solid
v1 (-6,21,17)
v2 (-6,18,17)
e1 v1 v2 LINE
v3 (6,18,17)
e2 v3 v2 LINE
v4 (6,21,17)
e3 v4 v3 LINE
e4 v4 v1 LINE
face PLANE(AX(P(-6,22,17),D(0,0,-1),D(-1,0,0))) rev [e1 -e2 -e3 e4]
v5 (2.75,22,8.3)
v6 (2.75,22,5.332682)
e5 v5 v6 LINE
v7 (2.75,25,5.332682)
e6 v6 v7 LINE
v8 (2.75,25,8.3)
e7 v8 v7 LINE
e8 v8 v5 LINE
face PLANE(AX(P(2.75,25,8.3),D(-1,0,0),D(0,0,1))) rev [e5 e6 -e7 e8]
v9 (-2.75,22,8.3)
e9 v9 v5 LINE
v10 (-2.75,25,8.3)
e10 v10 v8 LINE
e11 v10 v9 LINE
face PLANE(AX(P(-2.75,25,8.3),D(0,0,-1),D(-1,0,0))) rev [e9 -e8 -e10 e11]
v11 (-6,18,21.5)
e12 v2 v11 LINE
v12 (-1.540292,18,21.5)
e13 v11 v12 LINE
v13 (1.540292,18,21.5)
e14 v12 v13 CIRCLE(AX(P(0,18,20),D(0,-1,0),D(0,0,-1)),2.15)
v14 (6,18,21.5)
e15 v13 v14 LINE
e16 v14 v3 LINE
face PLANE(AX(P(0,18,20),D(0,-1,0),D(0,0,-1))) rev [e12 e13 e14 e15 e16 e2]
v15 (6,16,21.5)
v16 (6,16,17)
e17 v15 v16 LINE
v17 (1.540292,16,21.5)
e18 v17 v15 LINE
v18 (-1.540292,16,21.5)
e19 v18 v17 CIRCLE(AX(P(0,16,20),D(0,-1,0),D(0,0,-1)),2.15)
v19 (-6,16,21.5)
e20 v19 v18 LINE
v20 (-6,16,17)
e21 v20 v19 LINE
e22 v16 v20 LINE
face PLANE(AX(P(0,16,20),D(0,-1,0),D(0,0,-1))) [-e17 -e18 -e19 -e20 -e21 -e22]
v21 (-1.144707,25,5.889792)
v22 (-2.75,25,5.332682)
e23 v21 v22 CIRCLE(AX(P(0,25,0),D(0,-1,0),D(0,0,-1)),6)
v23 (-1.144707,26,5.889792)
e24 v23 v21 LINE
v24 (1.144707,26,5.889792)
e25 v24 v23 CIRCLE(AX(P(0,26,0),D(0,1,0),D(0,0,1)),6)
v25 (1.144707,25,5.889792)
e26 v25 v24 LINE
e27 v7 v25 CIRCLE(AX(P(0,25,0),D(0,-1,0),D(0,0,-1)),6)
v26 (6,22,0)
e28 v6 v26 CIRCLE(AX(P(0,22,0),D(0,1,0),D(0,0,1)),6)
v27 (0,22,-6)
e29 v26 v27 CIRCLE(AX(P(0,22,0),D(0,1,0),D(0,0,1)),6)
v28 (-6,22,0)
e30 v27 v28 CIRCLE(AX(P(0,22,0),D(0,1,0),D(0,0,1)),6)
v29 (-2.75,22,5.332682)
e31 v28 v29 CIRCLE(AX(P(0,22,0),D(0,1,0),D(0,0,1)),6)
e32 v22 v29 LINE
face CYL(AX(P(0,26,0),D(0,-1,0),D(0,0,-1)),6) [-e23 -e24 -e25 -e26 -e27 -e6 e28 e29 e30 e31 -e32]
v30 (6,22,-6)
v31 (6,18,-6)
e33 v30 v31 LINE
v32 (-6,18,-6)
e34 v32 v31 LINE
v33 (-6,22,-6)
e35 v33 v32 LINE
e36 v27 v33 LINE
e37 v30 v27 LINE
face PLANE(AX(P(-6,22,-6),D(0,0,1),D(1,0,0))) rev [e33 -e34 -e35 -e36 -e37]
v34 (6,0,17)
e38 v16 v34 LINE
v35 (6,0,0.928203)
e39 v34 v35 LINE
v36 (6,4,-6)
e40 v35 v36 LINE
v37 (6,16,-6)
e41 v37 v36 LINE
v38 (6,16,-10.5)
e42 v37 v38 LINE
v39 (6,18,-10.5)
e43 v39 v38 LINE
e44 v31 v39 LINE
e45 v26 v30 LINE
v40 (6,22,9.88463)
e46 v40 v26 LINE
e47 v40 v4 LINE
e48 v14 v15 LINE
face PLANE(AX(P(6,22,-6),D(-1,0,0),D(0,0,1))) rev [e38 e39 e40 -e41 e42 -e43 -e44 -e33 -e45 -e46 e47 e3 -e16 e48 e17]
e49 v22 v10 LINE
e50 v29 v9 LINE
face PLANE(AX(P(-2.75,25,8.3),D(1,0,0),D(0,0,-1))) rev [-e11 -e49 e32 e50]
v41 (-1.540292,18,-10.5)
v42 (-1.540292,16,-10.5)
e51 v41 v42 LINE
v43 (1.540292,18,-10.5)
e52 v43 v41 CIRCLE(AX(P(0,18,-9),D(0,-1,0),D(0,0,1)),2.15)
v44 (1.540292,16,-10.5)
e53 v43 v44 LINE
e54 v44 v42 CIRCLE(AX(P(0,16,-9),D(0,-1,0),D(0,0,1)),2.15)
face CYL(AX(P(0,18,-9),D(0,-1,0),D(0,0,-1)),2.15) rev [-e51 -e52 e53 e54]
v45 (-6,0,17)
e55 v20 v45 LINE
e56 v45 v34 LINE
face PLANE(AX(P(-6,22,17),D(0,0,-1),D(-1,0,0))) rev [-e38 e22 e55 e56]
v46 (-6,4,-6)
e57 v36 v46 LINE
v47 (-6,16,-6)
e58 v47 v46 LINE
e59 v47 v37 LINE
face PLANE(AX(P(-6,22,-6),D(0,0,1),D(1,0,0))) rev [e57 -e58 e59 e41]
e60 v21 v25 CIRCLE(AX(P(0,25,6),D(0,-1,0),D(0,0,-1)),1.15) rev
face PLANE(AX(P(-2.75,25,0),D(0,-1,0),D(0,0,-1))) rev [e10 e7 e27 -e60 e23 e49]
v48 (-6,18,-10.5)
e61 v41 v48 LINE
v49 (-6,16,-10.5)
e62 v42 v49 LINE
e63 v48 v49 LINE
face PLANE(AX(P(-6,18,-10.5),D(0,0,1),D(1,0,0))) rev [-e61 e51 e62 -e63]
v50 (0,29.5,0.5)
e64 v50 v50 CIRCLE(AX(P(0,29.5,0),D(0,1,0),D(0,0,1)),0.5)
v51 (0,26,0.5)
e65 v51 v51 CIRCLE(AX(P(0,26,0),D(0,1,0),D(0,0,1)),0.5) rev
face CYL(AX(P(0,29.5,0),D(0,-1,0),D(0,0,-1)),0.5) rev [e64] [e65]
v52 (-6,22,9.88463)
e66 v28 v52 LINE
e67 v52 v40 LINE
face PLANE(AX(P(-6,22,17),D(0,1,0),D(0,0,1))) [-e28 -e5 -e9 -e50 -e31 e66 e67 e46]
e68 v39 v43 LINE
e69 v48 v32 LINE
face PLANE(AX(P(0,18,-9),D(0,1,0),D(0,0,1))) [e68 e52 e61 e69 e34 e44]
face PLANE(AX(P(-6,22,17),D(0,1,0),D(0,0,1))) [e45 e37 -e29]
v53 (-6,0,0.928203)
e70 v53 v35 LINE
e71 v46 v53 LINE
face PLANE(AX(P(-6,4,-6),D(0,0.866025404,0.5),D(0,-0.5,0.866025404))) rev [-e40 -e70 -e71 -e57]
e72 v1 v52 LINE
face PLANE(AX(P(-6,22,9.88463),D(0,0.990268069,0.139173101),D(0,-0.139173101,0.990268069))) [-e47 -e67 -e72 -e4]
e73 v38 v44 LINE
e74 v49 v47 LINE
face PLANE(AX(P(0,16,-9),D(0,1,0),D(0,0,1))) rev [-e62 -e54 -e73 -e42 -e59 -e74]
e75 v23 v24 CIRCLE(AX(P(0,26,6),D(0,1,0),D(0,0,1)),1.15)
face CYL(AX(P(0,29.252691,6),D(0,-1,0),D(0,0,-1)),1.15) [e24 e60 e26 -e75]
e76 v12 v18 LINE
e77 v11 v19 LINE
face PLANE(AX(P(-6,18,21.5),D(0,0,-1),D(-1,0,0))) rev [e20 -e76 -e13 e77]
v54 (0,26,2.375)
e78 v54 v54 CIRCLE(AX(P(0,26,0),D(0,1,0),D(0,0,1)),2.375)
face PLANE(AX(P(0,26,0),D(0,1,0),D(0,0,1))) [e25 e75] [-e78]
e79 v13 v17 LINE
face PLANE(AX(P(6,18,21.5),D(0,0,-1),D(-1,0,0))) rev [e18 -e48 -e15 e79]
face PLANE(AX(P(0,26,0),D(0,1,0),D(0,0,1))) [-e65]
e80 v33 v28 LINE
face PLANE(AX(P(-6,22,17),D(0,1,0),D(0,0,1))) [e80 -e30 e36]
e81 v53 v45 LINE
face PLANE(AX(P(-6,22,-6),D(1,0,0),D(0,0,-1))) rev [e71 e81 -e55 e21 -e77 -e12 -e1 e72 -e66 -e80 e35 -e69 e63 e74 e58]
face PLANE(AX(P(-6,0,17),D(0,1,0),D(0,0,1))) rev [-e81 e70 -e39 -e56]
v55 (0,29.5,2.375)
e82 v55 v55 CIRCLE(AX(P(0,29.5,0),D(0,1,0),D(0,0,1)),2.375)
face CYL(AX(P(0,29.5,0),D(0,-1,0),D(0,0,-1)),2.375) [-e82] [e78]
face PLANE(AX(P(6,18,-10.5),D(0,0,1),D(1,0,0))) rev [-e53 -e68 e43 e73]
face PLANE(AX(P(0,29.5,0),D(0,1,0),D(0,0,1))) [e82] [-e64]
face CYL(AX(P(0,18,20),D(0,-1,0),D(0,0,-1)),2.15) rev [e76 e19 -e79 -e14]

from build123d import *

# Parameters (mm, degrees)
SKETCH1_W           = 12
SKETCH1_H           = 23
BOSS_EXTRUDE1_DEPTH = 22
CHAMFER1_SIZE       = 4
CHAMFER1_SIZE2      = 6.92820323
BOSS_EXTRUDE2_DEPTH = 2
SKETCH3_R           = 6
BOSS_EXTRUDE3_DEPTH = 4
SKETCH4_W           = 5.5
SKETCH4_H           = 8.3
BOSS_EXTRUDE4_DEPTH = 3
SKETCH5_R           = 1.15
BOSS_EXTRUDE5_DEPTH = 1
SKETCH6_R           = 2.375
SKETCH6_R_2         = 0.5
BOSS_EXTRUDE6_DEPTH = 3.5
CHAMFER2_SIZE       = 1
CHAMFER2_SIZE2      = 7.115369722


with BuildPart() as part:
    # Sketch1 → Boss-Extrude1 (new body)
    with BuildSketch(Plane(origin=(0, 0, 0), x_dir=(1, 0, 0), z_dir=(0, 1, 0))):
        with Locations((0, -5.5)):
            Rectangle(SKETCH1_W, SKETCH1_H)
    extrude(amount=BOSS_EXTRUDE1_DEPTH)

    # Chamfer1
    chamfer1_edges = [part.edges().sort_by_distance(p)[0] for p in [
        (0, 0, -6),
    ]]
    chamfer1_side = [part.faces().sort_by_distance(p)[0] for p in [
        (0, 11, -6),
    ]]
    chamfer(chamfer1_edges, length=CHAMFER1_SIZE, length2=CHAMFER1_SIZE2, reference=chamfer1_side[0])

    # Sketch2 → Boss-Extrude2 (add)
    with BuildSketch(Plane(origin=(0, 16, 0), x_dir=(-1, 0, 0), z_dir=(0, 1, 0))):
        with BuildLine():
            Line((6, -6), (6, -10.5))
            Line((6, -10.5), (1.54029218, -10.5))
            ThreePointArc((1.54029218, -10.5), (0, -6.85), (-1.54029218, -10.5))
            Line((-1.54029218, -10.5), (-6, -10.5))
            Line((-6, -10.5), (-6, -6))
            Line((-6, -6), (6, -6))
        make_face()
        with BuildLine():
            Line((-6, 21.5), (-1.54029218, 21.5))
            ThreePointArc((-1.54029218, 21.5), (0, 17.85), (1.54029218, 21.5))
            Line((1.54029218, 21.5), (6, 21.5))
            Line((6, 21.5), (6, 17))
            Line((6, 17), (-6, 17))
            Line((-6, 17), (-6, 21.5))
        make_face()
    extrude(amount=BOSS_EXTRUDE2_DEPTH)

    # Sketch3 → Boss-Extrude3 (add)
    with BuildSketch(Plane(origin=(0, 22, 0), x_dir=(1, 0, 0), z_dir=(0, 1, 0))):
        Circle(SKETCH3_R)
    extrude(amount=BOSS_EXTRUDE3_DEPTH)

    # Sketch4 → Boss-Extrude4 (add)
    with BuildSketch(Plane(origin=(0, 22, 0), x_dir=(1, 0, 0), z_dir=(0, 1, 0))):
        with Locations((0, -4.15)):
            Rectangle(SKETCH4_W, SKETCH4_H)
    extrude(amount=BOSS_EXTRUDE4_DEPTH)

    # Sketch5 → Boss-Extrude5 (add)
    with BuildSketch(Plane(origin=(0, 25, 0), x_dir=(1, 0, 0), z_dir=(0, 1, 0))):
        with Locations((0, -6)):
            Circle(SKETCH5_R)
    extrude(amount=BOSS_EXTRUDE5_DEPTH)

    # Sketch6 → Boss-Extrude6 (add)
    with BuildSketch(Plane(origin=(0, 26, 0), x_dir=(1, 0, 0), z_dir=(0, 1, 0))):
        Circle(SKETCH6_R)
        Circle(SKETCH6_R_2, mode=Mode.SUBTRACT)
    extrude(amount=BOSS_EXTRUDE6_DEPTH)

    # Chamfer2
    chamfer2_edges = [part.edges().sort_by_distance(p)[0] for p in [
        (0, 22, 17),
    ]]
    chamfer2_side = [part.faces().sort_by_distance(p)[0] for p in [
        (0, 20, 17),
    ]]
    chamfer(chamfer2_edges, length=CHAMFER2_SIZE, length2=CHAMFER2_SIZE2, reference=chamfer2_side[0])


solid = part.part
